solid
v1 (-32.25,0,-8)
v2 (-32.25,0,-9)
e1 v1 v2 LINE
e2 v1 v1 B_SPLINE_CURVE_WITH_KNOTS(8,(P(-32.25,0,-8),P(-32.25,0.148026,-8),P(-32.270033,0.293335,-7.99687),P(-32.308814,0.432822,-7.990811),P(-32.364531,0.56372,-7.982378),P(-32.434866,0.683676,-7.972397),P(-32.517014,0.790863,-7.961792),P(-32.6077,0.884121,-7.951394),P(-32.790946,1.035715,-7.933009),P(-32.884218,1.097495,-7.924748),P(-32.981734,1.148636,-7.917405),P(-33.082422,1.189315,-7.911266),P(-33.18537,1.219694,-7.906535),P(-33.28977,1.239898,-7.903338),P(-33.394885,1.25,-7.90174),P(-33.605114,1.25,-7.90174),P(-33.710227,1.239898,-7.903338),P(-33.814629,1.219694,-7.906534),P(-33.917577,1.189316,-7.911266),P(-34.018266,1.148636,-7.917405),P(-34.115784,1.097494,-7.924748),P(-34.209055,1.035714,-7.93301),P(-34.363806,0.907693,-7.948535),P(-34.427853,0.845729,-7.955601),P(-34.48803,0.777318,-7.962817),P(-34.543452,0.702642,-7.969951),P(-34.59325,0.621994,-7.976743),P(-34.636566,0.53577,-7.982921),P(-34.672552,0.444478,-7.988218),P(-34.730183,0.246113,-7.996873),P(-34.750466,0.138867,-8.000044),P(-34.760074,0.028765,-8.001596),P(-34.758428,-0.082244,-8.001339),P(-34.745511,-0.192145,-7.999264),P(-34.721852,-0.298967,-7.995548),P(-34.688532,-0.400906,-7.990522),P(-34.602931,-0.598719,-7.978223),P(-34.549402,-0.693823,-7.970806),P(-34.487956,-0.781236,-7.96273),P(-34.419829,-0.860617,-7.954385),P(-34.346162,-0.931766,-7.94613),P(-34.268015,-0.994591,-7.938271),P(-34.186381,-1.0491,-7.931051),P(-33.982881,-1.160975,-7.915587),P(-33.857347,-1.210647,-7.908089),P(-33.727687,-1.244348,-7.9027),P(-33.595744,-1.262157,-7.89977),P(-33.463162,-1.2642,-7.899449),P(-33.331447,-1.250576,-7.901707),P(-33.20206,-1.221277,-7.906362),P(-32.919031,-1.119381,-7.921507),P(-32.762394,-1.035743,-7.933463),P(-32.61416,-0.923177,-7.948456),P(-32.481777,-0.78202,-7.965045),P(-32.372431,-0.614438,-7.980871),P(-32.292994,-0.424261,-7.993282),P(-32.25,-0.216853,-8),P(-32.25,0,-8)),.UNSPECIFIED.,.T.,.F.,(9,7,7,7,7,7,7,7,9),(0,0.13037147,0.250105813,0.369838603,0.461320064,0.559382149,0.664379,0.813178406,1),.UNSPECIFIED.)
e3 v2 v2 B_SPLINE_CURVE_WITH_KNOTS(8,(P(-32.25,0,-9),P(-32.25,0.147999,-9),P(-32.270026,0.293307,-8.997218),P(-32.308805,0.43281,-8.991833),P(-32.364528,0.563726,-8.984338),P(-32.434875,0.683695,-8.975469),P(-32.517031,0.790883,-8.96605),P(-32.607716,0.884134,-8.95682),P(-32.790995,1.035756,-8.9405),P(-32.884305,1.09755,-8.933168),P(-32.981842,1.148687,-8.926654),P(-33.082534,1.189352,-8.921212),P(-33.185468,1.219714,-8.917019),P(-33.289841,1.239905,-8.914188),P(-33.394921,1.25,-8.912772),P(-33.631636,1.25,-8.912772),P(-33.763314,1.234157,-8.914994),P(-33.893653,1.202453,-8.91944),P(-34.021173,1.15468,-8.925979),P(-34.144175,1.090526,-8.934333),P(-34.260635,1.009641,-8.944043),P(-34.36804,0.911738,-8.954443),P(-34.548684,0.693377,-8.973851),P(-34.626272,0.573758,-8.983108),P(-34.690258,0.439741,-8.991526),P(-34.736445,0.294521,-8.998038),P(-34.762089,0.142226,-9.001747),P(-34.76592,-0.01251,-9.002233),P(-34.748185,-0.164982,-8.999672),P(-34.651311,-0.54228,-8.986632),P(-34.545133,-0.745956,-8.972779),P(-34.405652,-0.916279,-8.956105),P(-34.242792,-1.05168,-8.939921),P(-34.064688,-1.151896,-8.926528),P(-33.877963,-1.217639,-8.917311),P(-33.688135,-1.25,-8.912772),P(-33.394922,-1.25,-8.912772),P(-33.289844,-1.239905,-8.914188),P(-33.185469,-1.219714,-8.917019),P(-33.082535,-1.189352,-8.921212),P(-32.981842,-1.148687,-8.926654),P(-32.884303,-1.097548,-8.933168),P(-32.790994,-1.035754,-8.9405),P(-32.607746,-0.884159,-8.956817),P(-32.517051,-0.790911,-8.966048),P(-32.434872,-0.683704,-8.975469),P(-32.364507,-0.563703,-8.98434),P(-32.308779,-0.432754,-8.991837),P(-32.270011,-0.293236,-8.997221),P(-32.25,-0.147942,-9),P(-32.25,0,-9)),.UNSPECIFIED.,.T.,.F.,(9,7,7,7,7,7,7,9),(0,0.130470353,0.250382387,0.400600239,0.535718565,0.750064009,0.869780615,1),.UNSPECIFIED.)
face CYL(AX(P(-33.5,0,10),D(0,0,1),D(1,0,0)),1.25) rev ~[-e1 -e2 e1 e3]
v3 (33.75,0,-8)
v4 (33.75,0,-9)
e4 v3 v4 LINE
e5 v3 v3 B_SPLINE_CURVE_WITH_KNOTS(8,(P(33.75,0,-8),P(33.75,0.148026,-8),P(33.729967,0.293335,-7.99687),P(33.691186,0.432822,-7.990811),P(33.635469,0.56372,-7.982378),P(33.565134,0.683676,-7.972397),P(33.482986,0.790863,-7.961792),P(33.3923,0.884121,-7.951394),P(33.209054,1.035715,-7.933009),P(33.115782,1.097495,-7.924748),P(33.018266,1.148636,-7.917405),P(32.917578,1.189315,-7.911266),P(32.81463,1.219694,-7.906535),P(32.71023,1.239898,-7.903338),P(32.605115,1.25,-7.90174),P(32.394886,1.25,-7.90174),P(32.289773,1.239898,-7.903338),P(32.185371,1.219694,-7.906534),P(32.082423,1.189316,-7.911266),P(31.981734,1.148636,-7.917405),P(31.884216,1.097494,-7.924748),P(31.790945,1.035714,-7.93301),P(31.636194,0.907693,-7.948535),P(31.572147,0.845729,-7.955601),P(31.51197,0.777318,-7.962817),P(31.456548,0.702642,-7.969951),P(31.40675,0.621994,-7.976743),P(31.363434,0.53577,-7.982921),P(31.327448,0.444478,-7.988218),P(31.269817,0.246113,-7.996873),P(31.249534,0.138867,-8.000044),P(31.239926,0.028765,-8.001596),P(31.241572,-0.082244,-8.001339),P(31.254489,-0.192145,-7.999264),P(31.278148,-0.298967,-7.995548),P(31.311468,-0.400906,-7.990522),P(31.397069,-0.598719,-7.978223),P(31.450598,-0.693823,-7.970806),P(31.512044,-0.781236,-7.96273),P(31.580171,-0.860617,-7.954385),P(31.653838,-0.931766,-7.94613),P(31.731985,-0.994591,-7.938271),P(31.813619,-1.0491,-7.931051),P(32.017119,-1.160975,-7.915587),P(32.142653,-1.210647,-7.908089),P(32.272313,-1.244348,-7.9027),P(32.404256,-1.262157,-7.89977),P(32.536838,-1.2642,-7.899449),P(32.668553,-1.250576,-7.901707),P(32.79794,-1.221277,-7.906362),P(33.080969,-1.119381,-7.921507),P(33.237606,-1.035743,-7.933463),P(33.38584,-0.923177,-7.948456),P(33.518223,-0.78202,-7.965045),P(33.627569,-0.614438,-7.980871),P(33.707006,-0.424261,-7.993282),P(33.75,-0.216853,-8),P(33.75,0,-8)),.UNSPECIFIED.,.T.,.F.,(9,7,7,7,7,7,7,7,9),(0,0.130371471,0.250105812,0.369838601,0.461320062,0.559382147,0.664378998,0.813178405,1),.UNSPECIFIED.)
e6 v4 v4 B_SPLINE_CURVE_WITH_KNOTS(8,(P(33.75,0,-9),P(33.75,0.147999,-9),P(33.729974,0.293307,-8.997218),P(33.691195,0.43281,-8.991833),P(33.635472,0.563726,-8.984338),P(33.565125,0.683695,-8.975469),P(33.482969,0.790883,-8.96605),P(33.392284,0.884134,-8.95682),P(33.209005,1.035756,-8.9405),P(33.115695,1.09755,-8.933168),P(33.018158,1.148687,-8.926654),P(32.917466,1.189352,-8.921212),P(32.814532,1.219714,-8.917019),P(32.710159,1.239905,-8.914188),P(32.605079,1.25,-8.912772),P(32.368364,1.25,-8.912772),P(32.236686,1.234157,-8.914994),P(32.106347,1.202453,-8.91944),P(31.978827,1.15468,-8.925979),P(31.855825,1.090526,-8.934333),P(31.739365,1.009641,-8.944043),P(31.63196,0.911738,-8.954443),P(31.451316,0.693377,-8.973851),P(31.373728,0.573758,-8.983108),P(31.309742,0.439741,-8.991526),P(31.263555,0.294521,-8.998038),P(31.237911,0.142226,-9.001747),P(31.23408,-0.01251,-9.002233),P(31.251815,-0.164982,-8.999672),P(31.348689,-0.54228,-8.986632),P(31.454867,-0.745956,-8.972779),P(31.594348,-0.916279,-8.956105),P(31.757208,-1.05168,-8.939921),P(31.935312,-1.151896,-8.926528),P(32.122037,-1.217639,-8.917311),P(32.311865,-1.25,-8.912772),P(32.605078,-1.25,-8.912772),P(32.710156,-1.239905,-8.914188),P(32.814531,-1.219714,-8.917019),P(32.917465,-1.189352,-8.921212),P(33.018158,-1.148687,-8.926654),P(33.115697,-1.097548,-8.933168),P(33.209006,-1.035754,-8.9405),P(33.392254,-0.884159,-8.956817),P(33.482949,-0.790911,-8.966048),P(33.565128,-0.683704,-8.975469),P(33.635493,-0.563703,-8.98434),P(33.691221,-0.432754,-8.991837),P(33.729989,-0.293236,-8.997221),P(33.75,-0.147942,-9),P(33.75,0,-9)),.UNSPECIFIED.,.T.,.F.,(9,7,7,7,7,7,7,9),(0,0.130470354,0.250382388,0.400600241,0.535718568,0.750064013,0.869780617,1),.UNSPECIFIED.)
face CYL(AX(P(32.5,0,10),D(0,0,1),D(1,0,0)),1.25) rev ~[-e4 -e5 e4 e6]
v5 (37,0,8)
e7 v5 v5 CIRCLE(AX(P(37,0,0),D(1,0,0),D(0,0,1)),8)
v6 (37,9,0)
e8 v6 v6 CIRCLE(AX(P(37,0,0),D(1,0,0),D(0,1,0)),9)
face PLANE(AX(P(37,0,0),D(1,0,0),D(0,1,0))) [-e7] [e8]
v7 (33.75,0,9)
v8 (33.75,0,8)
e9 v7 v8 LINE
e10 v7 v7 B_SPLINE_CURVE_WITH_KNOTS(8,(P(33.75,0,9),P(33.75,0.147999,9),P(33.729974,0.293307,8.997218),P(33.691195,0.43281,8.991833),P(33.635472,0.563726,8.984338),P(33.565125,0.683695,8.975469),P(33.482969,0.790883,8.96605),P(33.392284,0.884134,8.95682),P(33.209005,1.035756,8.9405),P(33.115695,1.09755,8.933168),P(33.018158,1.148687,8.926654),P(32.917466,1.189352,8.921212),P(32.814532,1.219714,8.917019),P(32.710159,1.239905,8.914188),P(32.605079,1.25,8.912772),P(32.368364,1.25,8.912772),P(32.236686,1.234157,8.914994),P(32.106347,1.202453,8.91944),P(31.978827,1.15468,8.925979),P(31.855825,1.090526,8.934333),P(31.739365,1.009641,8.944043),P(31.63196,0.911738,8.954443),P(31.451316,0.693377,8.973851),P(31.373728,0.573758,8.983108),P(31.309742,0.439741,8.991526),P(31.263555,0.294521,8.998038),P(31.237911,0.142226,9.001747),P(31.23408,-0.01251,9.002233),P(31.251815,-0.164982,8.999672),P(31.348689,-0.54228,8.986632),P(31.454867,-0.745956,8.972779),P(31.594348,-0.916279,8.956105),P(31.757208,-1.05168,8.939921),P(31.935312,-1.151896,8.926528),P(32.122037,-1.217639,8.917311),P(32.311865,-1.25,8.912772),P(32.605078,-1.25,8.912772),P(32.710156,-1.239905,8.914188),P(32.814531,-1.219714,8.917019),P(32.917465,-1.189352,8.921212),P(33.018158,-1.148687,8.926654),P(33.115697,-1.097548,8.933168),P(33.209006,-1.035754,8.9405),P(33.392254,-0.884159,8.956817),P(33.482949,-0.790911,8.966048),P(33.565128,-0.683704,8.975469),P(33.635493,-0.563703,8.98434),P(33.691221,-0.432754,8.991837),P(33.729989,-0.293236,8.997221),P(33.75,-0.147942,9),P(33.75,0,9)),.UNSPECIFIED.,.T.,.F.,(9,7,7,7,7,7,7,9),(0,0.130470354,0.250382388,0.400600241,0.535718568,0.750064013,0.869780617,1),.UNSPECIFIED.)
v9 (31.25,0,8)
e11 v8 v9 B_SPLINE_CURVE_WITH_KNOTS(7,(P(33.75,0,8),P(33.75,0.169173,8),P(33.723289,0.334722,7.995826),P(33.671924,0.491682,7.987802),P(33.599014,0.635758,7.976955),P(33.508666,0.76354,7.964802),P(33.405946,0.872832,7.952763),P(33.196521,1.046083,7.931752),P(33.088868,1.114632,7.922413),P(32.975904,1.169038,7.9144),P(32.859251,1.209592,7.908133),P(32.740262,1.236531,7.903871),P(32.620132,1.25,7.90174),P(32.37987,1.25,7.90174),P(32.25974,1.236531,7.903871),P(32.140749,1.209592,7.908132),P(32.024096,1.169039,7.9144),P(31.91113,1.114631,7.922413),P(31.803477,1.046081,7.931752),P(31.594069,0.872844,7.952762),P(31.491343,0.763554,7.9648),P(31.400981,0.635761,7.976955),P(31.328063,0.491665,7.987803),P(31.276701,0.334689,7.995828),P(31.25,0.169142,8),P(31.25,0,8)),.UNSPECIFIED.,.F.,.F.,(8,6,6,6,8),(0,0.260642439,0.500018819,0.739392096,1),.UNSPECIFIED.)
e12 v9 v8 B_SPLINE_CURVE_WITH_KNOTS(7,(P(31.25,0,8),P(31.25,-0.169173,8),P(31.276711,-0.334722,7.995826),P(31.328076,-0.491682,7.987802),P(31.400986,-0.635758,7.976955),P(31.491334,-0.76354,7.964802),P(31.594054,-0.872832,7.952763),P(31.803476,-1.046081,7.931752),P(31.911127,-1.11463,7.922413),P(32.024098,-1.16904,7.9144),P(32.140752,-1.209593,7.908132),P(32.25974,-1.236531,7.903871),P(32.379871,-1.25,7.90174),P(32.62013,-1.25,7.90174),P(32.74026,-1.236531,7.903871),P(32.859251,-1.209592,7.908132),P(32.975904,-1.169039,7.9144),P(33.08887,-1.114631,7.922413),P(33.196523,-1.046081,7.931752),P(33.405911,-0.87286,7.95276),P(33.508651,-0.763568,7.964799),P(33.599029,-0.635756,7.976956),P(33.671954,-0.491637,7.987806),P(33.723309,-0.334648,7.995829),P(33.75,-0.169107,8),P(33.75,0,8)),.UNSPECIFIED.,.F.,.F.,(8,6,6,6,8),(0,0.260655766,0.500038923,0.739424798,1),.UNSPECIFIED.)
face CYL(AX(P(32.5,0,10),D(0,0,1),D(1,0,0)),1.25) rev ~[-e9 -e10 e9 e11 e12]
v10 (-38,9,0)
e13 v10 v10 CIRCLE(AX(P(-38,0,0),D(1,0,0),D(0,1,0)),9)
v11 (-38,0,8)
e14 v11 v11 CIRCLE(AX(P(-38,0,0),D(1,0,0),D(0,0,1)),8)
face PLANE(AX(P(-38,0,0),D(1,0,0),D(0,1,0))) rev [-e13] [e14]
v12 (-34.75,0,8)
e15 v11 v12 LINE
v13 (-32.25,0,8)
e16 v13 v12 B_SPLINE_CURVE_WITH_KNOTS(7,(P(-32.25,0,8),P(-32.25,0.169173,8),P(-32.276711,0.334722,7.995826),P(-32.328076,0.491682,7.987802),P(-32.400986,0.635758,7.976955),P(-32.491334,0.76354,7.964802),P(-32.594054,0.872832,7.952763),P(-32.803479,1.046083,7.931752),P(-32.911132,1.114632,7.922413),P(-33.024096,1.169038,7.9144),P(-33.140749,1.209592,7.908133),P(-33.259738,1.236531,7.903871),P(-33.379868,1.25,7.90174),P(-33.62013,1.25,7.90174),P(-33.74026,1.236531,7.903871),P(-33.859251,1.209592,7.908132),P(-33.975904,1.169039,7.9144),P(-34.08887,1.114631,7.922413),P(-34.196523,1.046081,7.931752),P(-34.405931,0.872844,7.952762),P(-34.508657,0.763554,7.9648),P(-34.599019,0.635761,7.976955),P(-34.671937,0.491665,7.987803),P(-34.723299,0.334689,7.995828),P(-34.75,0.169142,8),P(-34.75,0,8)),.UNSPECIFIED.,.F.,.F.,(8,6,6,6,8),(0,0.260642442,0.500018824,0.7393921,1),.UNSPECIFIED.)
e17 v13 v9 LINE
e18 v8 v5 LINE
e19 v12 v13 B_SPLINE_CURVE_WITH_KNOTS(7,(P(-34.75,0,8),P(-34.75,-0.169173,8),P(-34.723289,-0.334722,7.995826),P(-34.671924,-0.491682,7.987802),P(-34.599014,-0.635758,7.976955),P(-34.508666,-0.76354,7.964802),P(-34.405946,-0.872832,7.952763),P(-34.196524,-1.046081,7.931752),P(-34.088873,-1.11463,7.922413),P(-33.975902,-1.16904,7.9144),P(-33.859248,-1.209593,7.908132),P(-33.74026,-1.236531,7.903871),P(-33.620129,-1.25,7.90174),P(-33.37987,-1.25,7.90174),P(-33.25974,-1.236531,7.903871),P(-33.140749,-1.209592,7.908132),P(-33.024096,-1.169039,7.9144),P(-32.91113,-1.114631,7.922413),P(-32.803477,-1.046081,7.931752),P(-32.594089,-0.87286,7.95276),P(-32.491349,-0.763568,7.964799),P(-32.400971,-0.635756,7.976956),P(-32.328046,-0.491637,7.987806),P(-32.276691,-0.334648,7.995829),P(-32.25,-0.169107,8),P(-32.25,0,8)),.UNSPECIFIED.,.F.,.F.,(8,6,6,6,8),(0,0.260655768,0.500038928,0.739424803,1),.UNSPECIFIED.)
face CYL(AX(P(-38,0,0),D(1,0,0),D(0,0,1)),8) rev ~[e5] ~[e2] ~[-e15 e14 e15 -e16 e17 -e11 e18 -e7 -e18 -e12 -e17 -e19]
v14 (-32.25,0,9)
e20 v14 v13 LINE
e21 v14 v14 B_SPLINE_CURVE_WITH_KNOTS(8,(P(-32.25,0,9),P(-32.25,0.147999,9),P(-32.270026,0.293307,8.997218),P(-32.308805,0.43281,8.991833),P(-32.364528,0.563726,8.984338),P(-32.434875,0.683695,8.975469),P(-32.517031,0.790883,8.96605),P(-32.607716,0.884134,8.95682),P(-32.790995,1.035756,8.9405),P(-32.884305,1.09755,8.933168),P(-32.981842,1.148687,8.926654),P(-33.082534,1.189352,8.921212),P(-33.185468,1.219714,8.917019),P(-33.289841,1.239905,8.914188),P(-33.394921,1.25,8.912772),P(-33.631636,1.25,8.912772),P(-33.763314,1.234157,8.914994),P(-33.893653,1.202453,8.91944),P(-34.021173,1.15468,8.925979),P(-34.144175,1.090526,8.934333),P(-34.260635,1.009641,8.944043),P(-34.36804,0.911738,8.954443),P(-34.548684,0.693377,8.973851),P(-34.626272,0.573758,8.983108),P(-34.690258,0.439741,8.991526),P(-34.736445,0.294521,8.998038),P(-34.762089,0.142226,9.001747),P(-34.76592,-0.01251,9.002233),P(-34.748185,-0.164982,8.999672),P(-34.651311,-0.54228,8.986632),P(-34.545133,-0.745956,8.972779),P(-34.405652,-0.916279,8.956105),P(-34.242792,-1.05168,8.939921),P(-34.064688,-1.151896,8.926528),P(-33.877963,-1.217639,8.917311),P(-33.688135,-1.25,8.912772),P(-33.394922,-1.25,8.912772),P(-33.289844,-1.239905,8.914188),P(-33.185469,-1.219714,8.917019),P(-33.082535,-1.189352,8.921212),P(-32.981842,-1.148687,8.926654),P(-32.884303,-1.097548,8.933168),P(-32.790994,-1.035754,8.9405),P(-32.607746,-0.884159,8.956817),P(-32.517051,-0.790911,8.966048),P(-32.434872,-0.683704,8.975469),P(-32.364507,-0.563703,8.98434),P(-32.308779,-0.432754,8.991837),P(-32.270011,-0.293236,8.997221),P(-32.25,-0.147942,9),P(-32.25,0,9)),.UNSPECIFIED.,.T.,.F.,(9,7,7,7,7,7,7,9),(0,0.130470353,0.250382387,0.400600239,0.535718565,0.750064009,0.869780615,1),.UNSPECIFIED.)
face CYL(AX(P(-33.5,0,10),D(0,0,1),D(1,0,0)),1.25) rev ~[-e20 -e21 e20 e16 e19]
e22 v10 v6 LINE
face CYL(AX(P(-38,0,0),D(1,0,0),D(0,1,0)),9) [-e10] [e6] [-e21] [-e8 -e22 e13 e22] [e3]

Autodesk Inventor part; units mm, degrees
ref_plane "YZ Plane" through (0, 0, 0) normal (1, 0, 0) x (0, 1, 0)
ref_plane "XZ Plane" through (0, 0, 0) normal (0, 1, 0) x (-1, 0, 0)
sketch "ShaftProfile" plane through (0, 0, 0) normal (0, 0, 1) x (1, 0, 0)
  line L0 (-53, 0) -> (52, 0) construction
  line L1 (-38, 9) -> (37, 9)
  line L2 (37, 9) -> (37, 0)
  line L3 (-38, 0) -> (-38, 9)
  line L4 (-38, 0) -> (37, 0)
  point P0 (0, 0)
  dimension "d1" = 75
  dimension "d2" = 9
  dimension "d4" = 38
revolve "ShaftFeature" add sketch "ShaftProfile" angle 360 about axis through (-38, 0, 0) along (1, 0, 0)
sketch "Sketch2" plane through (-38, 0, 0) normal (-1, 0, 0) x (0, 0, 1)
  circle A0 centre (0, 0) radius 9 projected
hole "ShaftHoleFeature" at (-38, 0, 0) direction (1, 0, 0) diameter 16 end through all
ref_plane "MidSidePlane" through (0, 0, 10) normal (0, 0, 1) x (1, 0, 0)
sketch "CapHoles" plane through (0, 0, 10) normal (0, 0, 1) x (1, 0, 0)
  line L0 (37, -9) -> (37, 9) construction
  line L1 (-38, -9) -> (-38, 9) construction
  line L2 (-57, 0) -> (76, 0) construction
  circle A0 centre (-33.5, 0) radius 1.25
  circle A1 centre (32.5, 0) radius 1.25
  dimension "d24" = 2.5
  dimension "d25" = 4.5
  dimension "d26" = 4.5
extrude "CapHolesFeature" cut sketch "CapHoles" against normal through all
equation "\"d26\" = d25"
properties part number "BackPair1PistonShaft"
